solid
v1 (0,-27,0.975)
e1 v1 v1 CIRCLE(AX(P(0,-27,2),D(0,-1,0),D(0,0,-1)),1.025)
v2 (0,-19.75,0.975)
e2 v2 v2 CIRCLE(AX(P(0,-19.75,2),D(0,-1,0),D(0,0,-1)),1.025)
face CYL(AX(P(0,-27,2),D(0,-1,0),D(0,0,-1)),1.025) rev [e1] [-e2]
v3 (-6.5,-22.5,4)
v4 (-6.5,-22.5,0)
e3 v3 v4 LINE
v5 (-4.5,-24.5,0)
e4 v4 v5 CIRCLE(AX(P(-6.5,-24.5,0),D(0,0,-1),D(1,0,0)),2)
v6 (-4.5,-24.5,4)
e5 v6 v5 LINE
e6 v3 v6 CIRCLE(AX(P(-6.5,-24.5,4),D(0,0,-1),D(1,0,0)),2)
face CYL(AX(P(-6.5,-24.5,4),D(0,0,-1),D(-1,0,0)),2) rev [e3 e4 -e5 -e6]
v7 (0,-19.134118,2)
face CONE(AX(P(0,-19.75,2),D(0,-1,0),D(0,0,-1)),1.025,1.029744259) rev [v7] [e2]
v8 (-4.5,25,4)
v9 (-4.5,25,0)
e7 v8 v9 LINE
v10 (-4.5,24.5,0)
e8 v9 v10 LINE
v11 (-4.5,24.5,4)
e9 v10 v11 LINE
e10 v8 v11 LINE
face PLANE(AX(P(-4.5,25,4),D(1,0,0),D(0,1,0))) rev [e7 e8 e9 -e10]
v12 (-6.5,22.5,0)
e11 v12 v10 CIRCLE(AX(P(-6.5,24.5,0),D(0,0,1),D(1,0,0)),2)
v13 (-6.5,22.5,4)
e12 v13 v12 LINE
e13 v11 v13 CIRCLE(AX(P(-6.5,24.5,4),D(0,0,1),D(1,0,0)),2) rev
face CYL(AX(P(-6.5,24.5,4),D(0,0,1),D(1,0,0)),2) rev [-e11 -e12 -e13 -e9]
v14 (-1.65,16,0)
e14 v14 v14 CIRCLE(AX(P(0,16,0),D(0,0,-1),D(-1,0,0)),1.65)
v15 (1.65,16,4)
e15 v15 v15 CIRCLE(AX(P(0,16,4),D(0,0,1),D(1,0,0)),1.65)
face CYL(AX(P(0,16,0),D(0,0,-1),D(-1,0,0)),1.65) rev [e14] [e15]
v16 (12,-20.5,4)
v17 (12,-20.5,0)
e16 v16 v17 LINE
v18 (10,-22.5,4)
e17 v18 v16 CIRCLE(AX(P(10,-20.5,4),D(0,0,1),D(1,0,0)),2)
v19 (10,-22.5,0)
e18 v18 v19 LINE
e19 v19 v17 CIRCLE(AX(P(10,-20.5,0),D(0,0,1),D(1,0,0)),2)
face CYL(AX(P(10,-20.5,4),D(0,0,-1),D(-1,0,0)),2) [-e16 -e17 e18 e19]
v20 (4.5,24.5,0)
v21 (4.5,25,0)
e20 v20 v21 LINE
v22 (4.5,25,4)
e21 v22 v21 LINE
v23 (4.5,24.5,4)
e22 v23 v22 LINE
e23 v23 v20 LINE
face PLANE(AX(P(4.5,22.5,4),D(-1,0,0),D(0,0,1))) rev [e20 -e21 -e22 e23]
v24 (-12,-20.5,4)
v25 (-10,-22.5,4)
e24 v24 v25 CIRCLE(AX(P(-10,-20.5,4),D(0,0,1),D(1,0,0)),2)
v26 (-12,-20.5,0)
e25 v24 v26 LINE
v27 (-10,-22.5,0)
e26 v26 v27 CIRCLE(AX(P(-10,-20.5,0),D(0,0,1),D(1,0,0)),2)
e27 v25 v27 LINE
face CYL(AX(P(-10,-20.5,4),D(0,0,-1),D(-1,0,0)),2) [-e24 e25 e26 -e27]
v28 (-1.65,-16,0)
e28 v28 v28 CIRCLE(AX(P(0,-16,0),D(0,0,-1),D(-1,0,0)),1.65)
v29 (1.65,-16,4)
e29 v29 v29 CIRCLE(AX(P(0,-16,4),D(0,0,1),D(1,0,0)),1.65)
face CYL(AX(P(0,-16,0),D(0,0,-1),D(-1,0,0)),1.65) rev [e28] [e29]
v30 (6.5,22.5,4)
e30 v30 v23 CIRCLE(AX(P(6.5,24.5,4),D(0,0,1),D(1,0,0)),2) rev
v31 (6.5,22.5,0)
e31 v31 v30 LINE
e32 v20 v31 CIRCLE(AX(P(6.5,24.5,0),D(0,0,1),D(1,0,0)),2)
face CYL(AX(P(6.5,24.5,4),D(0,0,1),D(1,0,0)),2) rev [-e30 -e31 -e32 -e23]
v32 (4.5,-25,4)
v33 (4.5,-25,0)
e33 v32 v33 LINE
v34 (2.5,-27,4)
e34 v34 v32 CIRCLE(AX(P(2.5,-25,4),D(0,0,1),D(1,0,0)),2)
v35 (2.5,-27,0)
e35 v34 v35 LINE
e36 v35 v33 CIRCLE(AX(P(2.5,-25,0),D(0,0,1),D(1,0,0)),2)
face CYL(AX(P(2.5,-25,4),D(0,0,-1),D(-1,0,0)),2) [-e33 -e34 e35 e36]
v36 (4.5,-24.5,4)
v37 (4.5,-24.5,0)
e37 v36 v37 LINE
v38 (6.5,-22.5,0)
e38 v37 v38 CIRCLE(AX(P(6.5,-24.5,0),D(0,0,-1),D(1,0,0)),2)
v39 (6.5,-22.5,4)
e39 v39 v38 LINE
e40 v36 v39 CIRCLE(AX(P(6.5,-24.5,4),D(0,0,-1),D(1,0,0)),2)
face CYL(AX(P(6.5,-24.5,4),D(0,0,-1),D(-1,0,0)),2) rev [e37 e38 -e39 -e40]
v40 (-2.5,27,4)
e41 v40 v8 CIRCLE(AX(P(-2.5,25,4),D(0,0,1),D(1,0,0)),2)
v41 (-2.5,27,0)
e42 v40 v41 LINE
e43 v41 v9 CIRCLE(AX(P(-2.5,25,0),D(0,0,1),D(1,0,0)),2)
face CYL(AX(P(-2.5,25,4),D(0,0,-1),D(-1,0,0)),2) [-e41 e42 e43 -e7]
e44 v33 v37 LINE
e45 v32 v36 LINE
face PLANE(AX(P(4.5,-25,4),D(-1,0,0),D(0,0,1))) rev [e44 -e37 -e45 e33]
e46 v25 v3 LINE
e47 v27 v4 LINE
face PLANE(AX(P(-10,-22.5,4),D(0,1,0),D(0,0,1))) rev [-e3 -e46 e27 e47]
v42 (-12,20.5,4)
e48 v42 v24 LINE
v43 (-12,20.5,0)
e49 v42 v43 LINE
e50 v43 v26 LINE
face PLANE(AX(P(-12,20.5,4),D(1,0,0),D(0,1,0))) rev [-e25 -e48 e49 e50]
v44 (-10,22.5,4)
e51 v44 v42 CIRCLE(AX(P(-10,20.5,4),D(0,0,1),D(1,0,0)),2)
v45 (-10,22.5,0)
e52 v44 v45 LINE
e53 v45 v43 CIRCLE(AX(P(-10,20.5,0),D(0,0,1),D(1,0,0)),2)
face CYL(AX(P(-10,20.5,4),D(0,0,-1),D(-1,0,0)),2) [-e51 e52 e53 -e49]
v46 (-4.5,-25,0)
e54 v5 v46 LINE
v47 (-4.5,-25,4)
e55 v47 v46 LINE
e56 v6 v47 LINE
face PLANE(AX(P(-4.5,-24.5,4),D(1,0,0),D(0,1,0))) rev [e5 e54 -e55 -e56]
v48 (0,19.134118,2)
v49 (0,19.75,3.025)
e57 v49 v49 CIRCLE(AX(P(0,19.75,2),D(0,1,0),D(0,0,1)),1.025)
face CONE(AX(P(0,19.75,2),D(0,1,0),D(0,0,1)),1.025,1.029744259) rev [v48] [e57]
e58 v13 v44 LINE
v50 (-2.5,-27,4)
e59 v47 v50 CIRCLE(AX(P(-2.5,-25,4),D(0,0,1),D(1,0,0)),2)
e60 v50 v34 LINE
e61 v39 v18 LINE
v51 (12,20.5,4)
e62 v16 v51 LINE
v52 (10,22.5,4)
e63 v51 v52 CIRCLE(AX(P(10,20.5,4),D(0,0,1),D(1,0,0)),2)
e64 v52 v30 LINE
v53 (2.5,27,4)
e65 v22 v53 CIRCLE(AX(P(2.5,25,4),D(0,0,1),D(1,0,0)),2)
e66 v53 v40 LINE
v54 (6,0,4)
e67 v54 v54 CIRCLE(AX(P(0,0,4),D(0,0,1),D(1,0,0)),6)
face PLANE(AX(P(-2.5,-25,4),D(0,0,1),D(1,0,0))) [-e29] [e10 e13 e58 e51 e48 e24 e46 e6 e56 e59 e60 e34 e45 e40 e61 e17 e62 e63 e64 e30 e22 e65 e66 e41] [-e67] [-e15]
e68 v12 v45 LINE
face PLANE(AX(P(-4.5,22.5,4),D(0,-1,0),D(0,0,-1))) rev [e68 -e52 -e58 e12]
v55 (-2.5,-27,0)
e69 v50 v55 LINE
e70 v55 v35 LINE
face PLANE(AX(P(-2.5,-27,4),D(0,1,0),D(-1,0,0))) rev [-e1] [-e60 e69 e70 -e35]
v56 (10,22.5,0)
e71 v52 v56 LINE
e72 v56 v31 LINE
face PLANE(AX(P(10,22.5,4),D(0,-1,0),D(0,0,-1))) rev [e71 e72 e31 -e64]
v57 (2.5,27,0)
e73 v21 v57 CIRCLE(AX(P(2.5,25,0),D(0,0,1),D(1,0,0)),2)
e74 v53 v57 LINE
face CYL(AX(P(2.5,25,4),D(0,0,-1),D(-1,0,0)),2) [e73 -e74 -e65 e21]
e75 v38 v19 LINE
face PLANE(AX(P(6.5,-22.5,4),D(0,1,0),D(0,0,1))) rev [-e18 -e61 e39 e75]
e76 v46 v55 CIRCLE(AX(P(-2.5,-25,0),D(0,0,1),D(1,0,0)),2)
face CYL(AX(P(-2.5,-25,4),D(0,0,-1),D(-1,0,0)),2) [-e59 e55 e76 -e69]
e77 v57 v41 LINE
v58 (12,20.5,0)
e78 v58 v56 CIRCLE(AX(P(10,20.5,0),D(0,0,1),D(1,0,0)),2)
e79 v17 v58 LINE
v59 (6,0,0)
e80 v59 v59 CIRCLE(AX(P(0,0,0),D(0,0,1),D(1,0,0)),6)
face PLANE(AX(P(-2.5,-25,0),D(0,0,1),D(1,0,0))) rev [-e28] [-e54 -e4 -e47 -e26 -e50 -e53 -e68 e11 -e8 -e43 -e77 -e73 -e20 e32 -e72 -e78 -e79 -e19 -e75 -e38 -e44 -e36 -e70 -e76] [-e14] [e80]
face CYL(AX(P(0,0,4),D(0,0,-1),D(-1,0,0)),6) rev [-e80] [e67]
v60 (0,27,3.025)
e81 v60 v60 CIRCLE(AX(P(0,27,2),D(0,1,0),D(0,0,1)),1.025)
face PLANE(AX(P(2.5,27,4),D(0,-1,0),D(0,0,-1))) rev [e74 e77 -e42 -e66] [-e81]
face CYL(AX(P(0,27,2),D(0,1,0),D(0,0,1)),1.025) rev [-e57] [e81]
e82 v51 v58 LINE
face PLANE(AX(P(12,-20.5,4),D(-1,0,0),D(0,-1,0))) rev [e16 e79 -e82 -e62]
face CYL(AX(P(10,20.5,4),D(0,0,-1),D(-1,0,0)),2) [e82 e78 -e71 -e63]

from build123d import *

# Parameters (mm, degrees)
SKETCH_3_R             = 6
EXTRUDE_1_DEPTH        = 4
FILLET_1_R             = 2
HOLE_WIZARD_M4_2_D     = 3.3
HOLE_WIZARD_M4_2_DEPTH = 11.5
HOLE_WIZARD_M4_2_TIP   = 0.991420021


with BuildPart() as part:
    # 草图3 → 凸台-拉伸1 (new body)
    with BuildSketch(Plane.XY):
        with BuildLine():
            Line((-2.5, -27), (2.5, -27))
            ThreePointArc((2.5, -27), (3.914213562, -26.414213562), (4.5, -25))
            Line((4.5, -25), (4.5, -24.5))
            ThreePointArc((4.5, -24.5), (5.085786438, -23.085786438), (6.5, -22.5))
            Line((6.5, -22.5), (10, -22.5))
            ThreePointArc((10, -22.5), (11.414213562, -21.914213562), (12, -20.5))
            Line((12, -20.5), (12, 20.5))
            ThreePointArc((12, 20.5), (11.414213562, 21.914213562), (10, 22.5))
            Line((10, 22.5), (4.5, 22.5))
            Line((4.5, 22.5), (4.5, 25))
            ThreePointArc((4.5, 25), (3.914213562, 26.414213562), (2.5, 27))
            Line((2.5, 27), (-2.5, 27))
            ThreePointArc((-2.5, 27), (-3.914213562, 26.414213562), (-4.5, 25))
            Line((-4.5, 25), (-4.5, 22.5))
            Line((-4.5, 22.5), (-10, 22.5))
            ThreePointArc((-10, 22.5), (-11.414213562, 21.914213562), (-12, 20.5))
            Line((-12, 20.5), (-12, -20.5))
            ThreePointArc((-12, -20.5), (-11.414213562, -21.914213562), (-10, -22.5))
            Line((-10, -22.5), (-6.5, -22.5))
            ThreePointArc((-6.5, -22.5), (-5.085786438, -23.085786438), (-4.5, -24.5))
            Line((-4.5, -24.5), (-4.5, -25))
            ThreePointArc((-4.5, -25), (-3.914213562, -26.414213562), (-2.5, -27))
        make_face()
        Circle(SKETCH_3_R, mode=Mode.SUBTRACT)
    extrude(amount=EXTRUDE_1_DEPTH)

    # 草图6 → M2.5 螺纹孔1 (revolve, cut)
    with BuildSketch(Plane(origin=(0, 27, 2), x_dir=(0, 0, 1), z_dir=(1, 0, 0))):
        Polygon((0, 0), (0, 7.865882135), (1.025, 7.25), (1.025, 0), align=None)
    hole_wizard_m2_5_1 = revolve(axis=Axis((0, 33.35, 2), (0, -1, 0)), mode=Mode.SUBTRACT)

    # 镜向1: M2.5 螺纹孔1 across plane
    add(hole_wizard_m2_5_1.mirror(Plane.ZX), mode=Mode.SUBTRACT)

    # 圆角1
    fillet_1_edges = [part.edges().sort_by_distance(p)[0] for p in [
        (-4.5, 22.5, 2),
        (4.5, 22.5, 2),
    ]]
    fillet(fillet_1_edges, radius=FILLET_1_R)

    # M4 螺纹孔2
    with Locations(Plane(origin=(0, 0, 0), x_dir=(-1, 0, 0), z_dir=(0, 0, -1))):
        with Locations((0, 16), (0, -16)):
            Hole(HOLE_WIZARD_M4_2_D / 2, depth=HOLE_WIZARD_M4_2_DEPTH)
            with Locations((0, 0, -(HOLE_WIZARD_M4_2_DEPTH + HOLE_WIZARD_M4_2_TIP / 2))):  # 118° drill point
                Cone(0, HOLE_WIZARD_M4_2_D / 2, HOLE_WIZARD_M4_2_TIP, mode=Mode.SUBTRACT)


solid = part.part
